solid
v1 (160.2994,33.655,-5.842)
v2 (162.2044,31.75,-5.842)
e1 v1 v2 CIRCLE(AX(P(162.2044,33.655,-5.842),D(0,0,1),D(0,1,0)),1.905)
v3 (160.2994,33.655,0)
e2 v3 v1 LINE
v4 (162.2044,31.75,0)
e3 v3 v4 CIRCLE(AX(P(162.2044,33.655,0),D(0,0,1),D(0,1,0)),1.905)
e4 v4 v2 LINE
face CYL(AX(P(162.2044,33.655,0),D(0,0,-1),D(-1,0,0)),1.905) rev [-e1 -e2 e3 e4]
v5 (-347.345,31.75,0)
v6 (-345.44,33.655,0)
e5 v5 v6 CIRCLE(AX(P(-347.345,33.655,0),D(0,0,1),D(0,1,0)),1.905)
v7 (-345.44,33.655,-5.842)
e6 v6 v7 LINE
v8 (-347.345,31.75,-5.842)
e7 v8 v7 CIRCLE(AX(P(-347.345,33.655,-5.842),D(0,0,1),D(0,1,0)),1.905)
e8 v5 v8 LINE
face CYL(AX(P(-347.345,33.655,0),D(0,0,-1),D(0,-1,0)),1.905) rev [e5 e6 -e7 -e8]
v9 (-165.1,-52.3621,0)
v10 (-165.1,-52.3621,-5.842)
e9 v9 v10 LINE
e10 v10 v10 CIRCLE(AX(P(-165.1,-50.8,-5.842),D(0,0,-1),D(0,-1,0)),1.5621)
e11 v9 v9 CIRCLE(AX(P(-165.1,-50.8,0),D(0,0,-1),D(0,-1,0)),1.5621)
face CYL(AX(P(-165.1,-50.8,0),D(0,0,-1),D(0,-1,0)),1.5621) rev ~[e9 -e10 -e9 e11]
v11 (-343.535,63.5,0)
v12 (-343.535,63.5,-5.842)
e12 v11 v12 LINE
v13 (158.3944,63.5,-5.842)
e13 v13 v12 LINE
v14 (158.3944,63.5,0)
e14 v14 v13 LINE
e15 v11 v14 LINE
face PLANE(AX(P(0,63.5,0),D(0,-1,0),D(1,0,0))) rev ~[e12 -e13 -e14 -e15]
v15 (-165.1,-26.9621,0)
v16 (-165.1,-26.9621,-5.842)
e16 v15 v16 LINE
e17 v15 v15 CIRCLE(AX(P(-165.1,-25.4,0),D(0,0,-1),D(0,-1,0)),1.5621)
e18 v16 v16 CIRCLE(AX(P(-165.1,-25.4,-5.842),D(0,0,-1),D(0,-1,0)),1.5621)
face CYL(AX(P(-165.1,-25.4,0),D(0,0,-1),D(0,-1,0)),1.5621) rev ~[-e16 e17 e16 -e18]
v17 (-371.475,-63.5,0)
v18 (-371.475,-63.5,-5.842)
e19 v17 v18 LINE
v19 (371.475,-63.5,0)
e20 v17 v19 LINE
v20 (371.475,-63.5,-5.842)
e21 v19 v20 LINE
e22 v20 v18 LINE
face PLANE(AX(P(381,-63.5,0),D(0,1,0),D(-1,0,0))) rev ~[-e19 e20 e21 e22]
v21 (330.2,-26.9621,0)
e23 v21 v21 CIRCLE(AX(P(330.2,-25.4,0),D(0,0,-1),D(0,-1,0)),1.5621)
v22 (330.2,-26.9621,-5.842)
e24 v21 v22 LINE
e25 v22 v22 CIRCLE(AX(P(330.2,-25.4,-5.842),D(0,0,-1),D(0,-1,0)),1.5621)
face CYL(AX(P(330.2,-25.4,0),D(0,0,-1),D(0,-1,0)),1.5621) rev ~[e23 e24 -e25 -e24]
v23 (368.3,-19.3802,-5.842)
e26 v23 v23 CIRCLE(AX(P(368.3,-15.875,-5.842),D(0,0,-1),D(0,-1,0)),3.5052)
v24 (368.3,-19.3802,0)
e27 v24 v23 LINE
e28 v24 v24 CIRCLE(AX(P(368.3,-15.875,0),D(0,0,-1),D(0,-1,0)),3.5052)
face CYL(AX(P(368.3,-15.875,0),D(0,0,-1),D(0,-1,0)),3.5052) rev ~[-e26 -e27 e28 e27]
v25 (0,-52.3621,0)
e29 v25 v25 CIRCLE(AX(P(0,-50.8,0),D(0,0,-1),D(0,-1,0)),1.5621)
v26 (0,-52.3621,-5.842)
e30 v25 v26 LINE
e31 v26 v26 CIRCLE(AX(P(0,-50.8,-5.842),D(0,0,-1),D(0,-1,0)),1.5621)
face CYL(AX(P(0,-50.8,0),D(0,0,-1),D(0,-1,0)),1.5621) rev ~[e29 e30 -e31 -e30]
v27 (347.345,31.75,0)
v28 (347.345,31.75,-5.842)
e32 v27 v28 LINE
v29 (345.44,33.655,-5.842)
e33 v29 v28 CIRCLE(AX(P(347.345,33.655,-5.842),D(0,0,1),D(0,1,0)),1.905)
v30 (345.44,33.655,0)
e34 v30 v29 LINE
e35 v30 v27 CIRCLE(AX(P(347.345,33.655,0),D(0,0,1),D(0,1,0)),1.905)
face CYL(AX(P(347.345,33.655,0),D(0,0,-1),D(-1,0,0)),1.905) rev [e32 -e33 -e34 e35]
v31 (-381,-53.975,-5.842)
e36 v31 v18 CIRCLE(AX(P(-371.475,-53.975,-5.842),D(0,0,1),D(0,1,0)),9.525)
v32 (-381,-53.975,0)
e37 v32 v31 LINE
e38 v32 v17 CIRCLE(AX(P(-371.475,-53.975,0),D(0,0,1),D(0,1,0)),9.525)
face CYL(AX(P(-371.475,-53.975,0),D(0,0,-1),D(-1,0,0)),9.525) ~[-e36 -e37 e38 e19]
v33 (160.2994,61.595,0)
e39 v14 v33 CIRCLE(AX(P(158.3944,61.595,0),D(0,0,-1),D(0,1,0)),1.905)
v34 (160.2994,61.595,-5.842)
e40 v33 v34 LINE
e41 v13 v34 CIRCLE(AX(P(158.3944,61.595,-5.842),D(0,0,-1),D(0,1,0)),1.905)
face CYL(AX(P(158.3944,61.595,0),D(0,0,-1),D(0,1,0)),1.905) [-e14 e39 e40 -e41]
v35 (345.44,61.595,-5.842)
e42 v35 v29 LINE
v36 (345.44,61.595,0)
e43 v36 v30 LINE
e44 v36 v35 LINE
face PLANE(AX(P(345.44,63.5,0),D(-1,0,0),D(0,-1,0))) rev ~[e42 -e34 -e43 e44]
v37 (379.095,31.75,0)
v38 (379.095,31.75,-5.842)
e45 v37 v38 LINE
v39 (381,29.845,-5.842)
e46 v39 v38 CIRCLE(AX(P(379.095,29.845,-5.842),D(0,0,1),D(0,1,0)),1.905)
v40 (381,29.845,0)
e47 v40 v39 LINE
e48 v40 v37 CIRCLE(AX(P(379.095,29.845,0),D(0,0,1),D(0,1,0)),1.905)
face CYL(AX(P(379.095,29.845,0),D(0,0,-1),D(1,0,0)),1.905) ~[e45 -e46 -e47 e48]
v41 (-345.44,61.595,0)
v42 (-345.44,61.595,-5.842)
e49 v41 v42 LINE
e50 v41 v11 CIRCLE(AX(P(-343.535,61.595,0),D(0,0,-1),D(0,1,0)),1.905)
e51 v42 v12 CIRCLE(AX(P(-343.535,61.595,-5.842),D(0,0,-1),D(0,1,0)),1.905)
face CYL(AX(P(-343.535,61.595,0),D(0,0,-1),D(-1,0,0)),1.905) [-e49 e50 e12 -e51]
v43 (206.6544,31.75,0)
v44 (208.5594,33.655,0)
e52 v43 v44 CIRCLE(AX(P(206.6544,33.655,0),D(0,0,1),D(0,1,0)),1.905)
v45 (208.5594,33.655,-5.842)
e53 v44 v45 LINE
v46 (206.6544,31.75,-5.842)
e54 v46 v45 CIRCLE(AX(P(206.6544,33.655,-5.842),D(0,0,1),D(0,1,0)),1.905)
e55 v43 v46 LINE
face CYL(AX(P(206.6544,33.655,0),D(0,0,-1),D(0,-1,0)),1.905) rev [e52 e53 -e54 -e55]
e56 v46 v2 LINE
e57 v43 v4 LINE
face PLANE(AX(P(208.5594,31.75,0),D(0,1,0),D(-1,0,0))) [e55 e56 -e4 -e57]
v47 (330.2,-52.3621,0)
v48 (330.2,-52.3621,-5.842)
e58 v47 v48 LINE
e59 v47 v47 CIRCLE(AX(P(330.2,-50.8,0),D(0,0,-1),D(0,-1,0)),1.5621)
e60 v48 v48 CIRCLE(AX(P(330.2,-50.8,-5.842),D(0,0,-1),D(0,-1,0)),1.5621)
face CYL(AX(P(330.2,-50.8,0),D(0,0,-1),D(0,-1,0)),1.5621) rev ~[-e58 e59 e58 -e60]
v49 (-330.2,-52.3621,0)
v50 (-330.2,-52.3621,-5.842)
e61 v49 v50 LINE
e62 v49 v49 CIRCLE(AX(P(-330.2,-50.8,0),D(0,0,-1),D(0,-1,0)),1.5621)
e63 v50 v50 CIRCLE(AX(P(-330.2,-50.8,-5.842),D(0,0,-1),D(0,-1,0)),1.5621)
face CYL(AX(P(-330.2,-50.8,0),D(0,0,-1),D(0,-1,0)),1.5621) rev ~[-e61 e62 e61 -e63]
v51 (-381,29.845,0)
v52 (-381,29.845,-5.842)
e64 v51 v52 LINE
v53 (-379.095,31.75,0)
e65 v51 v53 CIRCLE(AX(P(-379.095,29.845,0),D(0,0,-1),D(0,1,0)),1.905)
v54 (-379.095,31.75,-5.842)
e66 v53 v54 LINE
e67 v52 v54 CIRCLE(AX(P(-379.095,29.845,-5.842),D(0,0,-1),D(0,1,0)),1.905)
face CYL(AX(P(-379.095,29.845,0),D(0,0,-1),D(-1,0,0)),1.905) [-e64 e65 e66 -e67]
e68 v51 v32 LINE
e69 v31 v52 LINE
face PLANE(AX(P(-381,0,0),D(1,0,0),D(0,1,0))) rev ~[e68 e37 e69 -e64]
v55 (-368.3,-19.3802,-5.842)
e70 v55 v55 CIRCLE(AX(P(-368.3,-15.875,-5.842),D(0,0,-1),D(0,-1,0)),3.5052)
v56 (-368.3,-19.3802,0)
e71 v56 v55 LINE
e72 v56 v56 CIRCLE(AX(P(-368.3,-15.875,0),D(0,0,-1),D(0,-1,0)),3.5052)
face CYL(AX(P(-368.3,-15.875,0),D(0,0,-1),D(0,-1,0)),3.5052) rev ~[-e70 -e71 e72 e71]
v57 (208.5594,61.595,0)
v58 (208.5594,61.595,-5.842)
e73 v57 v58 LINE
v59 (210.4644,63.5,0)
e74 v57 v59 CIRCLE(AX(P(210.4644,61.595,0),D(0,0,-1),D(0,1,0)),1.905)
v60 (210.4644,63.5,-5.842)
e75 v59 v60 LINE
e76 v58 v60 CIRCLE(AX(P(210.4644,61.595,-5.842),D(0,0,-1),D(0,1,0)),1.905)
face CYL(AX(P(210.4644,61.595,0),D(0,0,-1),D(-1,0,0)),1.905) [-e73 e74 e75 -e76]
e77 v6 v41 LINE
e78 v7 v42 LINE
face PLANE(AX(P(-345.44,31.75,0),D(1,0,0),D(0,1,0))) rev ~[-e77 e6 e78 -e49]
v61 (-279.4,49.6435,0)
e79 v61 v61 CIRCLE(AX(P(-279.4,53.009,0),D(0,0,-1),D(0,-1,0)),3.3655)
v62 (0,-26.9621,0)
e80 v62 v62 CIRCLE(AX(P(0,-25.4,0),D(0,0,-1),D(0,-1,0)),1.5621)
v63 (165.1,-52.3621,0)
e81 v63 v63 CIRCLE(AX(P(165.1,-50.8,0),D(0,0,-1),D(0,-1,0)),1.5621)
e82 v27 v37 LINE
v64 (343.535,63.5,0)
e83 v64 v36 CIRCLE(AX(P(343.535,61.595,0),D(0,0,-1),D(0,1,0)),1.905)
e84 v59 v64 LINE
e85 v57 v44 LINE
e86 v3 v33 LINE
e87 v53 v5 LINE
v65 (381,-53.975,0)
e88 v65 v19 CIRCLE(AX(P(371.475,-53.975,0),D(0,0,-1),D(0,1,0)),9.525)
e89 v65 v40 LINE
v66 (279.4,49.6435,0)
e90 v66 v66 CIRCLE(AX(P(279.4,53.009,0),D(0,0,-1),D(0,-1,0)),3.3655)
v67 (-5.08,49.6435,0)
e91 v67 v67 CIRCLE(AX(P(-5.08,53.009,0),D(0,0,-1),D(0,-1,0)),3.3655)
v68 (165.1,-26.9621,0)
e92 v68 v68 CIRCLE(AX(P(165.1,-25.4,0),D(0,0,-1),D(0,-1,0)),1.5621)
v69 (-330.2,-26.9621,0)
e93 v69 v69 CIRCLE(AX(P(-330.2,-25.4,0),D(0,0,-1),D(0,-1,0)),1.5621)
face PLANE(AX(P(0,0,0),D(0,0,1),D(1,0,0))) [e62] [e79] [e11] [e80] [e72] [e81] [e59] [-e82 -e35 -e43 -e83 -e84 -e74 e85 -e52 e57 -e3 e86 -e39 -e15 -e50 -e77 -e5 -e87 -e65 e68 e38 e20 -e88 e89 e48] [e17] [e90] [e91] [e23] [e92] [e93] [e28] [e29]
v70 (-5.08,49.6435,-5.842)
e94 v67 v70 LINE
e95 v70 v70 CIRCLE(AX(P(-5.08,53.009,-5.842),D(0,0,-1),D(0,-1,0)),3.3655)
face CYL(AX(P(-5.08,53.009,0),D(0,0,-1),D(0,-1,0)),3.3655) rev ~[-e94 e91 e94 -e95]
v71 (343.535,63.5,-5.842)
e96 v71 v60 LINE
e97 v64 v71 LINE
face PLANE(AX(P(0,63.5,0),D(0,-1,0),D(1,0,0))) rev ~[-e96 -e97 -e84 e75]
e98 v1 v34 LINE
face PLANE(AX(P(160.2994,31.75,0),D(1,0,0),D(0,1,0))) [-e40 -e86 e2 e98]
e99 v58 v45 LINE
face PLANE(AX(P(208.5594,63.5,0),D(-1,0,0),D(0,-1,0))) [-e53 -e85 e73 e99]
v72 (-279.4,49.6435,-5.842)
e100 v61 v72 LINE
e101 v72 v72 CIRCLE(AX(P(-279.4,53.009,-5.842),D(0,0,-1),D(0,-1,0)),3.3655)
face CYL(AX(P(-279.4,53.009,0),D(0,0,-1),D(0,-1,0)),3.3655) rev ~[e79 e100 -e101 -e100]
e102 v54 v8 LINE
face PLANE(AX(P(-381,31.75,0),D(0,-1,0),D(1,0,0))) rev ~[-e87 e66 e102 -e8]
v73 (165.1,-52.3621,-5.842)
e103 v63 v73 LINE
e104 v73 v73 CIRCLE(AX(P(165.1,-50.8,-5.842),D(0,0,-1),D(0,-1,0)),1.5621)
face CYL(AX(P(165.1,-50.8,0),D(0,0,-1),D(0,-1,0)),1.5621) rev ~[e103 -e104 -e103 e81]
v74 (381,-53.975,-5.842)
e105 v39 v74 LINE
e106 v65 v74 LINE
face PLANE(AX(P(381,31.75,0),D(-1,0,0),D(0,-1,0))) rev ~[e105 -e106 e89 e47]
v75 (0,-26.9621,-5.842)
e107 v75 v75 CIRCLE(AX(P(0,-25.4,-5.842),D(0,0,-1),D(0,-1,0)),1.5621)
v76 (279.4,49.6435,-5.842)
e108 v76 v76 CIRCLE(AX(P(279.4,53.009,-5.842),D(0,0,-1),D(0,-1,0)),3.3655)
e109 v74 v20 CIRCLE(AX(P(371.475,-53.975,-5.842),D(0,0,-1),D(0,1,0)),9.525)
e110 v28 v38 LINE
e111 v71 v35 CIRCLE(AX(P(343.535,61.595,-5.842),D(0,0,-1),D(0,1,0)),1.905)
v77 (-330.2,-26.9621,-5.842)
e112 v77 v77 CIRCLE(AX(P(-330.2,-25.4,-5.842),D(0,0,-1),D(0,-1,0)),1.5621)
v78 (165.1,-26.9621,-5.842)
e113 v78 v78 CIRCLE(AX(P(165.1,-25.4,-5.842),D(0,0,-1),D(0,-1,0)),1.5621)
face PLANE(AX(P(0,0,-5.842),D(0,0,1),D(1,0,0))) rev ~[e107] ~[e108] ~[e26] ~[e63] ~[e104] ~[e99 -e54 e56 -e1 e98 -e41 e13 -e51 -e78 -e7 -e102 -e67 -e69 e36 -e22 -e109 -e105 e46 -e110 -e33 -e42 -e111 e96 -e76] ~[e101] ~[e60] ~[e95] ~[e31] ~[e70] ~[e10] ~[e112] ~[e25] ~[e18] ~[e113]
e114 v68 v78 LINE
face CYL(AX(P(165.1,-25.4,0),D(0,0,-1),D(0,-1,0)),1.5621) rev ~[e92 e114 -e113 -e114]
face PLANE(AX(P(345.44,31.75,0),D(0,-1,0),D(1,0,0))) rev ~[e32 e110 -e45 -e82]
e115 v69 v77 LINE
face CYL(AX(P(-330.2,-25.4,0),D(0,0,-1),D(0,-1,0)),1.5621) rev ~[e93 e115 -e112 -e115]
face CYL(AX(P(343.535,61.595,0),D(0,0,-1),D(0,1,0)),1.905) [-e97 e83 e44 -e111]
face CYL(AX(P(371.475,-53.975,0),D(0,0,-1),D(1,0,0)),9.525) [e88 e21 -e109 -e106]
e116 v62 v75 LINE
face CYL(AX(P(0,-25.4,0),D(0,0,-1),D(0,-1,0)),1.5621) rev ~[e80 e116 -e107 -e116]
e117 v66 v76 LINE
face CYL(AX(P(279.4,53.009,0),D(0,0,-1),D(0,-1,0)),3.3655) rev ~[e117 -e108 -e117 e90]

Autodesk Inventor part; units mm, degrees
ref_plane "YZ Plane" through (0, 0, 0) normal (1, 0, 0) x (0, 1, 0)
ref_plane "XZ Plane" through (0, 0, 0) normal (0, 1, 0) x (-1, 0, 0)
ref_plane "XY Plane" through (0, 0, 0) normal (0, 0, 1) x (1, 0, 0)
sketch "Sketch1" plane through (0, 0, 0) normal (0, 0, 1) x (1, 0, 0)
  line L0 (0, 88.9) -> (0, -88.9) projected
  line L1 (-533.4, 0) -> (533.4, 0) projected
  line L2 (381, -63.5) -> (-381, -63.5)
  line L3 (-381, -63.5) -> (-381, 63.5)
  line L4 (-381, 63.5) -> (381, 63.5)
  line L5 (381, 63.5) -> (381, -63.5)
  line L6 (381, -63.5) -> (-381, 63.5) construction
  line L7 (-381, -63.5) -> (381, 63.5) construction
  line L8 (-170.942, -37.592) -> (-127, -37.592) construction
  line L9 (-127, -37.592) -> (-127, -63.5) construction
  line L10 (-127, -63.5) -> (-170.942, -63.5) construction
  line L11 (-170.942, -63.5) -> (-170.942, -37.592) construction
  line L12 (127, -37.592) -> (170.942, -37.592) construction
  line L13 (170.942, -37.592) -> (170.942, -63.5) construction
  line L14 (170.942, -63.5) -> (127, -63.5) construction
  line L15 (127, -63.5) -> (127, -37.592) construction
  line L16 (-381, 31.75) -> (-345.44, 31.75)
  line L17 (-345.44, 31.75) -> (-345.44, 63.5)
  line L18 (345.44, 63.5) -> (345.44, 31.75)
  line L19 (345.44, 31.75) -> (381, 31.75)
  line L20 (368.3, -44.45) -> (-368.3, -44.45) construction
  line L21 (-368.3, -44.45) -> (-368.3, 12.7) construction
  line L22 (-368.3, 12.7) -> (368.3, 12.7) construction
  line L23 (368.3, 12.7) -> (368.3, -44.45) construction
  line L24 (368.3, -44.45) -> (-368.3, 12.7) construction
  line L25 (-368.3, -44.45) -> (368.3, 12.7) construction
  line L26 (328.6125, -23.8125) -> (357.1875, -23.8125)
  line L27 (357.1875, -23.8125) -> (357.1875, 23.8125)
  line L28 (357.1875, 23.8125) -> (328.6125, 23.8125)
  line L29 (328.6125, 23.8125) -> (328.6125, -23.8125)
  line L30 (328.6125, -23.8125) -> (357.1875, 23.8125) construction
  line L31 (357.1875, -23.8125) -> (328.6125, 23.8125) construction
  line L32 (-42.8625, -23.8125) -> (-14.2875, -23.8125)
  line L33 (-14.2875, -23.8125) -> (-14.2875, 23.8125)
  line L34 (-14.2875, 23.8125) -> (-42.8625, 23.8125)
  line L35 (-42.8625, 23.8125) -> (-42.8625, -23.8125)
  line L36 (-42.8625, -23.8125) -> (-14.2875, 23.8125) construction
  line L37 (-14.2875, -23.8125) -> (-42.8625, 23.8125) construction
  point P0 (0, 0)
  point P1 (-159.004, -63.5)
  point P2 (138.938, -63.5)
  point P3 (-279.4, 53.009)
  point P4 (279.4, 53.009)
  point P5 (-5.08, 53.009)
  point P6 (0, -15.875)
  point P7 (342.9, 0)
  point P8 (-28.575, 0)
  point P9 (-368.3, -15.875)
  point P10 (368.3, -15.875)
  dimension "d0" = 762
  dimension "d1" = 127
  dimension "d2" = 43.942
  dimension "d3" = 25.908
  dimension "d4" = 32.004
  dimension "d5" = 127
  dimension "d7" = 32.004
  dimension "d8" = 127
  dimension "d9" = 10.491
  dimension "d65" = 31.75
  dimension "d66" = 345.44
  dimension "d67" = 736.6
  dimension "d68" = 19.05
  dimension "d69" = 19.05
  dimension "d84" = 279.4
  dimension "d85" = 279.4
  dimension "d86" = 5.08
  dimension "d87" = 28.575
  dimension "d88" = 47.625
  dimension "d89" = 0
  dimension "d90" = 28.575
  dimension "d91" = 342.9
  dimension "d94" = 101.092
extrude "Extrusion1" add sketch "Sketch1" against normal blind 5.842 contours L4 L18 L19 L5 L1 L27 L28 L29 L0 | L0 L1 L33 L34 L35 L3 L16 L17 L4 | L1 L29 L26 L27 L5 L2 L0 | L0 L2 L3 L1 L35 L32 L33 | L33 L32 L35 L1 | L1 L35 L34 L33 | L29 L28 L27 L1 | L1 L27 L26 L29
hole "Hole2" at (-279.4, 53.009, 0) at (279.4, 53.009, 0) at (-5.08, 53.009, 0) direction (0, 0, -1) diameter 6.731 end through all
fillet "Fillet1" radius 9.525 2 edges at (381, -63.5, -2.921) (-381, -63.5, -2.921)
hole "Hole5" at (-368.3, -15.875, 0) at (368.3, -15.875, 0) direction (0, 0, -1) diameter 7.0104 end through all clearance for "Socket Head Cap Screw" size "M6" standard "Ansi Metric M Profile"
fillet "Fillet2" radius 1.905 6 edges at (-381, 31.75, -2.921) (-345.44, 31.75, -2.921) (-345.44, 63.5, -2.921) (345.44, 63.5, -2.921) (381, 31.75, -2.921) (345.44, 31.75, -2.921)
sketch "Sketch4" plane through (0, 0, 0) normal (0, 0, 1) x (1, 0, 0)
  line L0 (343.535, 63.5) -> (-343.535, 63.5) projected
  line L1 (208.5594, 31.75) -> (160.2994, 31.75)
  line L2 (160.2994, 31.75) -> (160.2994, 63.5)
  line L3 (160.2994, 63.5) -> (208.5594, 63.5)
  line L4 (208.5594, 63.5) -> (208.5594, 31.75)
  line L5 (208.5594, 31.75) -> (160.2994, 63.5) construction
  line L6 (160.2994, 31.75) -> (208.5594, 63.5) construction
  line L7 (0, 88.9) -> (0, -88.9) projected
  point P0 (0, 0)
  point P1 (184.4294, 47.625)
  point P2 (208.5594, 63.5)
  dimension "d78" = 48.26
  dimension "d80" = 31.75
  dimension "d83" = 184.4294
extrude "Extrusion2" cut sketch "Sketch4" against normal through all
fillet "Fillet3" radius 1.905 4 edges at (160.2994, 63.5, -2.921) (160.2994, 31.75, -2.921) (208.5594, 31.75, -2.921) (208.5594, 63.5, -2.921)
sketch "Sketch5" plane through (0, 0, 0) normal (0, 0, 1) x (1, 0, 0)
  line L0 (371.475, -63.5) -> (-371.475, -63.5) projected
  line L1 (0, 88.9) -> (0, -88.9) projected
  line L2 (330.2, -50.8) -> (-330.2, -50.8) construction
  line L3 (-371.475, -63.5) -> (371.475, -63.5) construction
  point P0 (0, 0)
  point P1 (0, -50.8)
  point P2 (165.1, -50.8)
  point P3 (-165.1, -50.8)
  dimension "d108" = 330.2
  dimension "d109" = 330.2
  dimension "d110" = 12.7
  dimension "d118" = 165.1
  dimension "d119" = 165.1
hole "Hole6" at (330.2, -50.8, 0) at (0, -50.8, 0) at (-330.2, -50.8, 0) at (165.1, -50.8, 0) at (-165.1, -50.8, 0) direction (0, 0, -1) diameter 3.1242 end through all
pattern_linear "Rectangular Pattern2" count 2 spacing 25.4 along (0, 1, 0) of "Hole6"
equation "\"d118\" = 0.5 * d109"
equation "\"d119\" = 0.5 * d109"
properties material "ACRYLIC, BLACK"
